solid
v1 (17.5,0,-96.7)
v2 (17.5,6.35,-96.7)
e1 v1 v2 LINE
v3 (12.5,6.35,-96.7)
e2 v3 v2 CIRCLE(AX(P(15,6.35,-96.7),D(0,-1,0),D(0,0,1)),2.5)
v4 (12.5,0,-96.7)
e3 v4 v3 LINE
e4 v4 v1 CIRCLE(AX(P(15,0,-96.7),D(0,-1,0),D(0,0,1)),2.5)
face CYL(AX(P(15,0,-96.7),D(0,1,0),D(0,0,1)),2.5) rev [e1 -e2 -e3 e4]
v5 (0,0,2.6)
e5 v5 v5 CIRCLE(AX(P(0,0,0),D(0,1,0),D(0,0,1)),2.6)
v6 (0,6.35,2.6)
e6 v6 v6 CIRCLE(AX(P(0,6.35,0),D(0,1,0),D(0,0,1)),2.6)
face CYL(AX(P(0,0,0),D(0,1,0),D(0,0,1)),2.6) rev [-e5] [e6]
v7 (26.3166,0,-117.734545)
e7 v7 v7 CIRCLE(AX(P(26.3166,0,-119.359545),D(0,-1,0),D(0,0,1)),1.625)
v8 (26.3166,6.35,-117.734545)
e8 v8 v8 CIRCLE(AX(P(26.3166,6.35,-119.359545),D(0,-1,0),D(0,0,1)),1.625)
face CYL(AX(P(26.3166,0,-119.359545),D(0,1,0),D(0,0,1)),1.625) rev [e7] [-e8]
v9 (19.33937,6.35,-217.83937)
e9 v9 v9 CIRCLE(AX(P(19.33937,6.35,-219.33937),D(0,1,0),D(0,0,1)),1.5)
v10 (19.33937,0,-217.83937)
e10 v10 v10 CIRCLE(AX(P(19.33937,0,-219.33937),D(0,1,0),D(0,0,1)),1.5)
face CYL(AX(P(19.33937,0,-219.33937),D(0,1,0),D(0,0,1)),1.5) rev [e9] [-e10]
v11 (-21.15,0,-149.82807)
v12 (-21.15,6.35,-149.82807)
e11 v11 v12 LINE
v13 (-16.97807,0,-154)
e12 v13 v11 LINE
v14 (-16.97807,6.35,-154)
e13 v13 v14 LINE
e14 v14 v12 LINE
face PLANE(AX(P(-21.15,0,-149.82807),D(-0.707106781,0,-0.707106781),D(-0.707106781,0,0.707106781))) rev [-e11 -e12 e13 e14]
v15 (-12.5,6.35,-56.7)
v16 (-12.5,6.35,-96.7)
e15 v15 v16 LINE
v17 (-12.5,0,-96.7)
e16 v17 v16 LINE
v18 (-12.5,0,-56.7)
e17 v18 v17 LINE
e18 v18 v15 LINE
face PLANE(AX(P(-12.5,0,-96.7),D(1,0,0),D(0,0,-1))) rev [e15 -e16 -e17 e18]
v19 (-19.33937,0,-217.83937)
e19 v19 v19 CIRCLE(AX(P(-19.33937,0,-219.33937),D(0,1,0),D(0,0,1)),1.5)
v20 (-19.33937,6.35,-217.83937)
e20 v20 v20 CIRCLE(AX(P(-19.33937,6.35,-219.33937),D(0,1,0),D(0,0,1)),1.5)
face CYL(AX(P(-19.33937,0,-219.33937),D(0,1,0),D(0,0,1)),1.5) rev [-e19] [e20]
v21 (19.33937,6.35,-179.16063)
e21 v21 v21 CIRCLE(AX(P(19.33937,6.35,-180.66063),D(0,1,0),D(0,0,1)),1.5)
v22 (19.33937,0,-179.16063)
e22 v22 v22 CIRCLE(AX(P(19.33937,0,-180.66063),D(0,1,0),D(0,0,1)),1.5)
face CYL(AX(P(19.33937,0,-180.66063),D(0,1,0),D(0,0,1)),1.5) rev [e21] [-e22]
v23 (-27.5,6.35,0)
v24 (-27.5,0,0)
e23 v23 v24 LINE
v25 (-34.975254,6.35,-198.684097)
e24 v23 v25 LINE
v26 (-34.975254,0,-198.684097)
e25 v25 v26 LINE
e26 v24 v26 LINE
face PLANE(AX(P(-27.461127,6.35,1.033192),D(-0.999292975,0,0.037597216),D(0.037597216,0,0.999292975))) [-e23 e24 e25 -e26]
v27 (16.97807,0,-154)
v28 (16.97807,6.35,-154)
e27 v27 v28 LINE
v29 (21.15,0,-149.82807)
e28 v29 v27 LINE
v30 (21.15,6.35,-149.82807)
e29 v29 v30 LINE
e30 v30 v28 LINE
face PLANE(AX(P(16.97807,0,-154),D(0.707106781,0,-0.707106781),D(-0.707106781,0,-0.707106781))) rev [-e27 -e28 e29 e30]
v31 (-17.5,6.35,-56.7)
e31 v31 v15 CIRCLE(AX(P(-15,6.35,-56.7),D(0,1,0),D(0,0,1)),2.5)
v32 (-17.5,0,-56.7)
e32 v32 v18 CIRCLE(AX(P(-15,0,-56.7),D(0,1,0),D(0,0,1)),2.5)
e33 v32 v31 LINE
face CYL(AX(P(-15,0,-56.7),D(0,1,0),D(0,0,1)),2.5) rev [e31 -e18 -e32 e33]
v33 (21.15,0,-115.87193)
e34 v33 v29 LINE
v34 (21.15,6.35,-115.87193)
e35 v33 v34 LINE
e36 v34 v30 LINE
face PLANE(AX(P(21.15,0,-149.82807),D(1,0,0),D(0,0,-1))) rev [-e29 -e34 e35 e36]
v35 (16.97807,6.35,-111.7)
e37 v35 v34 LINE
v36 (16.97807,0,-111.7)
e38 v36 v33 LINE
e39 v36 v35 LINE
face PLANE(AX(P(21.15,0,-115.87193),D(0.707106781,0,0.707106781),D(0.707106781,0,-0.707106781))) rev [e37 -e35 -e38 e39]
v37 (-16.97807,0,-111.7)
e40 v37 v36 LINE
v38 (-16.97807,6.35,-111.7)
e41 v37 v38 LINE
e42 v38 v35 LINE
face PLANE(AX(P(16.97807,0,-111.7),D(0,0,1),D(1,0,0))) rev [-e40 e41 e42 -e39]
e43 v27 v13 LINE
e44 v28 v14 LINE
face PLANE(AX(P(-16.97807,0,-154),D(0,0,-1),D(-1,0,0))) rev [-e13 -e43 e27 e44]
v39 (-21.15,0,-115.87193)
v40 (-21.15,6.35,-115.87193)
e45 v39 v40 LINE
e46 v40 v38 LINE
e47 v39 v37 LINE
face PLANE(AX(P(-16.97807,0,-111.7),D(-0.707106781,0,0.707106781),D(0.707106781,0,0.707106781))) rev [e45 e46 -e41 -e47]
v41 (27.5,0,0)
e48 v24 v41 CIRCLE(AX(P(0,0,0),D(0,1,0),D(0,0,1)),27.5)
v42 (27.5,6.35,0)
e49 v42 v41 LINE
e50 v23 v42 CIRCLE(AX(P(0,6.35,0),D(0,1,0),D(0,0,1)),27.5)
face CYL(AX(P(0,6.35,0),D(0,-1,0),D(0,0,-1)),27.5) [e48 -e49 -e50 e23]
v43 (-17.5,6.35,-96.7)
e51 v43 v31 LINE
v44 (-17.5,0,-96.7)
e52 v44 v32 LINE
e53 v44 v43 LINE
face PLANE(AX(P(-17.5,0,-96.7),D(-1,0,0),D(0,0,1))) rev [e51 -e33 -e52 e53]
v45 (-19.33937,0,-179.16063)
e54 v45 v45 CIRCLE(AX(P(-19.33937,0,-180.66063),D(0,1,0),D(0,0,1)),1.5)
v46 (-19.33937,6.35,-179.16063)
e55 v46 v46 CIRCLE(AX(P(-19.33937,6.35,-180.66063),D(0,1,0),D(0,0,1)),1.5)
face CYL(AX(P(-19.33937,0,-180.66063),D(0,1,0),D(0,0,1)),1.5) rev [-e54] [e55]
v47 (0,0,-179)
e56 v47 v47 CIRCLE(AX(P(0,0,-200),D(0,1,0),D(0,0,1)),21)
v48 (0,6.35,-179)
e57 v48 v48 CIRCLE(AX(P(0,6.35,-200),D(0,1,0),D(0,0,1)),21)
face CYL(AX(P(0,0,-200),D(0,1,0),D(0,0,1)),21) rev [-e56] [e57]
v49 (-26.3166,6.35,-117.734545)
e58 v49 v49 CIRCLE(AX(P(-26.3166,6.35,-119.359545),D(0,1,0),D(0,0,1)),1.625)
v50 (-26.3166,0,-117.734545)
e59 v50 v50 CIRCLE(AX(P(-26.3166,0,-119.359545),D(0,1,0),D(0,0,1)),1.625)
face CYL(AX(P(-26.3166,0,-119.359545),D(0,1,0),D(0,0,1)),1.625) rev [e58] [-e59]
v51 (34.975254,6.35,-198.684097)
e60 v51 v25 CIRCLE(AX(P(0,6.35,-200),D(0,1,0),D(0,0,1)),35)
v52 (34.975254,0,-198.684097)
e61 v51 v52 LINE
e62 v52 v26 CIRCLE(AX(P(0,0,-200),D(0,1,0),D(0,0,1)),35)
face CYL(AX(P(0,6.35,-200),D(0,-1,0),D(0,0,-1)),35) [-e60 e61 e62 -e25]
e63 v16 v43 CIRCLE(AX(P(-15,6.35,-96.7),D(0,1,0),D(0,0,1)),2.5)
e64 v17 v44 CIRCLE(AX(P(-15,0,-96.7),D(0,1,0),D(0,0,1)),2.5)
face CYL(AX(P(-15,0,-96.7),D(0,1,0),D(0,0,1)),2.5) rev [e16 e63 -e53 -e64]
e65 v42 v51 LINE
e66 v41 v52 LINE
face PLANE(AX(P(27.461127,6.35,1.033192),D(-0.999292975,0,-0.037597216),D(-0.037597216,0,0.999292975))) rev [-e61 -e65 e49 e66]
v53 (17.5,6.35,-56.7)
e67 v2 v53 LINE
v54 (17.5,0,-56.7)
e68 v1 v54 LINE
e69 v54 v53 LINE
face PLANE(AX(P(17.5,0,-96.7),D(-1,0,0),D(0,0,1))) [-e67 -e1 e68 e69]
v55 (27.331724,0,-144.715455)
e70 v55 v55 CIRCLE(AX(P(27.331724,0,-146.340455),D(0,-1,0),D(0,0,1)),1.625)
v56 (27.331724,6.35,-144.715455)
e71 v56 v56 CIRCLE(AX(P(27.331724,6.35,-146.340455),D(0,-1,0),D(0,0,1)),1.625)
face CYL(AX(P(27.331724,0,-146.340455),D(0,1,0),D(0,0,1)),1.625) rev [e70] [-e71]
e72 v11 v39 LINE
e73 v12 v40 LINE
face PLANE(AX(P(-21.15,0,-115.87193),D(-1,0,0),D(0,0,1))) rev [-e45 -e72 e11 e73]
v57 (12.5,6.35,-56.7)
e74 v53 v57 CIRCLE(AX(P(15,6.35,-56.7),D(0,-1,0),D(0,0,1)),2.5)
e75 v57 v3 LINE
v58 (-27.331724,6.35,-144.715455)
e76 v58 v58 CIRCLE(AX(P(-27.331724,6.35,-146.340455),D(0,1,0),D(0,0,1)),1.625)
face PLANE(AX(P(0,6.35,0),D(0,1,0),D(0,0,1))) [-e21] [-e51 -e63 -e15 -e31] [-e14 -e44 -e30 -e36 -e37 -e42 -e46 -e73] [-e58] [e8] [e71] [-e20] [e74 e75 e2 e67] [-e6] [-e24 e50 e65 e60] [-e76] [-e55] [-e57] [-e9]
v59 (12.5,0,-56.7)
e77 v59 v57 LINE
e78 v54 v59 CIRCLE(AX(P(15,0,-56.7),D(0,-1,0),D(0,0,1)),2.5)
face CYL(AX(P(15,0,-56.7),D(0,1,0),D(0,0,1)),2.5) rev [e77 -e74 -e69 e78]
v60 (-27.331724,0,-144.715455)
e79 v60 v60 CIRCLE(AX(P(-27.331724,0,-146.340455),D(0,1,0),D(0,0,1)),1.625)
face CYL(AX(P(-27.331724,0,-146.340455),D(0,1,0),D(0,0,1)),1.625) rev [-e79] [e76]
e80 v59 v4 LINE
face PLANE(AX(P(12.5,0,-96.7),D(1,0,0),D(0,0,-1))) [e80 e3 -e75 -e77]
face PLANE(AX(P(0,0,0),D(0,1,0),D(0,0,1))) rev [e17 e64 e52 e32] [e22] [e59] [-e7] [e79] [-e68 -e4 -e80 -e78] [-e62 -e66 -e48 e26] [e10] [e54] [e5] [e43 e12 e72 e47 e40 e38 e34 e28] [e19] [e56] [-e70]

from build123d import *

# Parameters (mm, degrees)
BOSS_EXTRUDE1_DEPTH     = 6.35
SKETCH2_R               = 2.6
CUT_EXTRUDE1_DEPTH      = 238.676928834
ESQUISSE3_R             = 21
ENL_V_MAT_EXTRU_2_DEPTH = 238.676928834
ESQUISSE7_R             = 1.5
ENL_V_MAT_EXTRU_3_DEPTH = 238.676928834
CUT_EXTRUDE2_DEPTH      = 238.676928834
SKETCH5_R               = 1.625
CUT_EXTRUDE3_DEPTH      = 238.676928834
CUT_EXTRUDE5_DEPTH      = 238.676928834


with BuildPart() as part:
    # Sketch1 → Boss-Extrude1 (new body)
    with BuildSketch(Plane(origin=(0, 0, 0), x_dir=(1, 0, 0), z_dir=(0, 1, 0))):
        with BuildLine():
            Line((27.5, 0), (34.975254116, 198.684097441))
            ThreePointArc((34.975254116, 198.684097441), (0, 235), (-34.975254116, 198.684097441))
            Line((-34.975254116, 198.684097441), (-27.5, 0))
            ThreePointArc((-27.5, 0), (0, -27.5), (27.5, 0))
        make_face()
    extrude(amount=BOSS_EXTRUDE1_DEPTH)

    # Sketch2 → Cut-Extrude1 (cut, through all)
    with BuildSketch(Plane(origin=(0, 6.35, 0), x_dir=(1, 0, 0), z_dir=(0, 1, 0))):
        with Locations(Location((0, 0, 0), (0, 0, 270))):
            Circle(SKETCH2_R)
    extrude(amount=-CUT_EXTRUDE1_DEPTH, mode=Mode.SUBTRACT)

    # Esquisse3 → Enlèv. mat.-Extru.2 (cut, through all)
    with BuildSketch(Plane(origin=(0, 6.35, 0), x_dir=(1, 0, 0), z_dir=(0, 1, 0))):
        with Locations(Location((0, 200, 0), (0, 0, 270))):
            Circle(ESQUISSE3_R)
    extrude(amount=-ENL_V_MAT_EXTRU_2_DEPTH, mode=Mode.SUBTRACT)

    # Esquisse7 → Enlèv. mat.-Extru.3 (cut, through all)
    with BuildSketch(Plane(origin=(0, 6.35, 0), x_dir=(1, 0, 0), z_dir=(0, 1, 0))):
        with Locations(Location((-19.339370465, 219.339370465, 0), (0, 0, 270))):
            Circle(ESQUISSE7_R)
        with Locations(Location((19.339370465, 219.339370465, 0), (0, 0, 270))):
            Circle(ESQUISSE7_R)
        with Locations(Location((19.339370465, 180.660629535, 0), (0, 0, 270))):
            Circle(ESQUISSE7_R)
        with Locations(Location((-19.339370465, 180.660629535, 0), (0, 0, 270))):
            Circle(ESQUISSE7_R)
    extrude(amount=-ENL_V_MAT_EXTRU_3_DEPTH, mode=Mode.SUBTRACT)

    # Sketch3 → Cut-Extrude2 (cut, through all)
    with BuildSketch(Plane(origin=(0, 6.35, 0), x_dir=(1, 0, 0), z_dir=(0, 1, 0))):
        Polygon((21.15, 149.828069991), (21.15, 115.871930009), (16.978069991, 111.7), (-16.978069991, 111.7), (-21.15, 115.871930009), (-21.15, 149.828069991), (-16.978069991, 154), (16.978069991, 154), align=None)
    extrude(amount=-CUT_EXTRUDE2_DEPTH, mode=Mode.SUBTRACT)

    # Sketch5 → Cut-Extrude3 (cut, through all)
    with BuildSketch(Plane(origin=(0, 6.35, 0), x_dir=(1, 0, 0), z_dir=(0, 1, 0))):
        with Locations(Location((-27.331724457, 146.340455159, 0), (0, 0, 270))):
            Circle(SKETCH5_R)
        with Locations(Location((-26.316599626, 119.359544841, 0), (0, 0, 270))):
            Circle(SKETCH5_R)
    cut_extrude3 = extrude(amount=-CUT_EXTRUDE3_DEPTH, mode=Mode.SUBTRACT)

    # Mirror1: Cut-Extrude3 across plane
    add(cut_extrude3.mirror(Plane(origin=(0, 0, 0), x_dir=(0, 0, 1), z_dir=(1, 0, 0))), mode=Mode.SUBTRACT)

    # Sketch8 → Cut-Extrude5 (cut, through all)
    with BuildSketch(Plane(origin=(0, 6.35, 0), x_dir=(1, 0, 0), z_dir=(0, 1, 0))):
        with BuildLine():
            Line((-12.5, 96.7), (-12.5, 56.7))
            ThreePointArc((-12.5, 56.7), (-15, 54.2), (-17.5, 56.7))
            Line((-17.5, 56.7), (-17.5, 96.7))
            ThreePointArc((-17.5, 96.7), (-15, 99.2), (-12.5, 96.7))
        make_face()
    cut_extrude5 = extrude(amount=-CUT_EXTRUDE5_DEPTH, mode=Mode.SUBTRACT)

    # Mirror2: Cut-Extrude5 across plane
    add(cut_extrude5.mirror(Plane(origin=(0, 0, 0), x_dir=(0, 0, 1), z_dir=(1, 0, 0))), mode=Mode.SUBTRACT)


solid = part.part
